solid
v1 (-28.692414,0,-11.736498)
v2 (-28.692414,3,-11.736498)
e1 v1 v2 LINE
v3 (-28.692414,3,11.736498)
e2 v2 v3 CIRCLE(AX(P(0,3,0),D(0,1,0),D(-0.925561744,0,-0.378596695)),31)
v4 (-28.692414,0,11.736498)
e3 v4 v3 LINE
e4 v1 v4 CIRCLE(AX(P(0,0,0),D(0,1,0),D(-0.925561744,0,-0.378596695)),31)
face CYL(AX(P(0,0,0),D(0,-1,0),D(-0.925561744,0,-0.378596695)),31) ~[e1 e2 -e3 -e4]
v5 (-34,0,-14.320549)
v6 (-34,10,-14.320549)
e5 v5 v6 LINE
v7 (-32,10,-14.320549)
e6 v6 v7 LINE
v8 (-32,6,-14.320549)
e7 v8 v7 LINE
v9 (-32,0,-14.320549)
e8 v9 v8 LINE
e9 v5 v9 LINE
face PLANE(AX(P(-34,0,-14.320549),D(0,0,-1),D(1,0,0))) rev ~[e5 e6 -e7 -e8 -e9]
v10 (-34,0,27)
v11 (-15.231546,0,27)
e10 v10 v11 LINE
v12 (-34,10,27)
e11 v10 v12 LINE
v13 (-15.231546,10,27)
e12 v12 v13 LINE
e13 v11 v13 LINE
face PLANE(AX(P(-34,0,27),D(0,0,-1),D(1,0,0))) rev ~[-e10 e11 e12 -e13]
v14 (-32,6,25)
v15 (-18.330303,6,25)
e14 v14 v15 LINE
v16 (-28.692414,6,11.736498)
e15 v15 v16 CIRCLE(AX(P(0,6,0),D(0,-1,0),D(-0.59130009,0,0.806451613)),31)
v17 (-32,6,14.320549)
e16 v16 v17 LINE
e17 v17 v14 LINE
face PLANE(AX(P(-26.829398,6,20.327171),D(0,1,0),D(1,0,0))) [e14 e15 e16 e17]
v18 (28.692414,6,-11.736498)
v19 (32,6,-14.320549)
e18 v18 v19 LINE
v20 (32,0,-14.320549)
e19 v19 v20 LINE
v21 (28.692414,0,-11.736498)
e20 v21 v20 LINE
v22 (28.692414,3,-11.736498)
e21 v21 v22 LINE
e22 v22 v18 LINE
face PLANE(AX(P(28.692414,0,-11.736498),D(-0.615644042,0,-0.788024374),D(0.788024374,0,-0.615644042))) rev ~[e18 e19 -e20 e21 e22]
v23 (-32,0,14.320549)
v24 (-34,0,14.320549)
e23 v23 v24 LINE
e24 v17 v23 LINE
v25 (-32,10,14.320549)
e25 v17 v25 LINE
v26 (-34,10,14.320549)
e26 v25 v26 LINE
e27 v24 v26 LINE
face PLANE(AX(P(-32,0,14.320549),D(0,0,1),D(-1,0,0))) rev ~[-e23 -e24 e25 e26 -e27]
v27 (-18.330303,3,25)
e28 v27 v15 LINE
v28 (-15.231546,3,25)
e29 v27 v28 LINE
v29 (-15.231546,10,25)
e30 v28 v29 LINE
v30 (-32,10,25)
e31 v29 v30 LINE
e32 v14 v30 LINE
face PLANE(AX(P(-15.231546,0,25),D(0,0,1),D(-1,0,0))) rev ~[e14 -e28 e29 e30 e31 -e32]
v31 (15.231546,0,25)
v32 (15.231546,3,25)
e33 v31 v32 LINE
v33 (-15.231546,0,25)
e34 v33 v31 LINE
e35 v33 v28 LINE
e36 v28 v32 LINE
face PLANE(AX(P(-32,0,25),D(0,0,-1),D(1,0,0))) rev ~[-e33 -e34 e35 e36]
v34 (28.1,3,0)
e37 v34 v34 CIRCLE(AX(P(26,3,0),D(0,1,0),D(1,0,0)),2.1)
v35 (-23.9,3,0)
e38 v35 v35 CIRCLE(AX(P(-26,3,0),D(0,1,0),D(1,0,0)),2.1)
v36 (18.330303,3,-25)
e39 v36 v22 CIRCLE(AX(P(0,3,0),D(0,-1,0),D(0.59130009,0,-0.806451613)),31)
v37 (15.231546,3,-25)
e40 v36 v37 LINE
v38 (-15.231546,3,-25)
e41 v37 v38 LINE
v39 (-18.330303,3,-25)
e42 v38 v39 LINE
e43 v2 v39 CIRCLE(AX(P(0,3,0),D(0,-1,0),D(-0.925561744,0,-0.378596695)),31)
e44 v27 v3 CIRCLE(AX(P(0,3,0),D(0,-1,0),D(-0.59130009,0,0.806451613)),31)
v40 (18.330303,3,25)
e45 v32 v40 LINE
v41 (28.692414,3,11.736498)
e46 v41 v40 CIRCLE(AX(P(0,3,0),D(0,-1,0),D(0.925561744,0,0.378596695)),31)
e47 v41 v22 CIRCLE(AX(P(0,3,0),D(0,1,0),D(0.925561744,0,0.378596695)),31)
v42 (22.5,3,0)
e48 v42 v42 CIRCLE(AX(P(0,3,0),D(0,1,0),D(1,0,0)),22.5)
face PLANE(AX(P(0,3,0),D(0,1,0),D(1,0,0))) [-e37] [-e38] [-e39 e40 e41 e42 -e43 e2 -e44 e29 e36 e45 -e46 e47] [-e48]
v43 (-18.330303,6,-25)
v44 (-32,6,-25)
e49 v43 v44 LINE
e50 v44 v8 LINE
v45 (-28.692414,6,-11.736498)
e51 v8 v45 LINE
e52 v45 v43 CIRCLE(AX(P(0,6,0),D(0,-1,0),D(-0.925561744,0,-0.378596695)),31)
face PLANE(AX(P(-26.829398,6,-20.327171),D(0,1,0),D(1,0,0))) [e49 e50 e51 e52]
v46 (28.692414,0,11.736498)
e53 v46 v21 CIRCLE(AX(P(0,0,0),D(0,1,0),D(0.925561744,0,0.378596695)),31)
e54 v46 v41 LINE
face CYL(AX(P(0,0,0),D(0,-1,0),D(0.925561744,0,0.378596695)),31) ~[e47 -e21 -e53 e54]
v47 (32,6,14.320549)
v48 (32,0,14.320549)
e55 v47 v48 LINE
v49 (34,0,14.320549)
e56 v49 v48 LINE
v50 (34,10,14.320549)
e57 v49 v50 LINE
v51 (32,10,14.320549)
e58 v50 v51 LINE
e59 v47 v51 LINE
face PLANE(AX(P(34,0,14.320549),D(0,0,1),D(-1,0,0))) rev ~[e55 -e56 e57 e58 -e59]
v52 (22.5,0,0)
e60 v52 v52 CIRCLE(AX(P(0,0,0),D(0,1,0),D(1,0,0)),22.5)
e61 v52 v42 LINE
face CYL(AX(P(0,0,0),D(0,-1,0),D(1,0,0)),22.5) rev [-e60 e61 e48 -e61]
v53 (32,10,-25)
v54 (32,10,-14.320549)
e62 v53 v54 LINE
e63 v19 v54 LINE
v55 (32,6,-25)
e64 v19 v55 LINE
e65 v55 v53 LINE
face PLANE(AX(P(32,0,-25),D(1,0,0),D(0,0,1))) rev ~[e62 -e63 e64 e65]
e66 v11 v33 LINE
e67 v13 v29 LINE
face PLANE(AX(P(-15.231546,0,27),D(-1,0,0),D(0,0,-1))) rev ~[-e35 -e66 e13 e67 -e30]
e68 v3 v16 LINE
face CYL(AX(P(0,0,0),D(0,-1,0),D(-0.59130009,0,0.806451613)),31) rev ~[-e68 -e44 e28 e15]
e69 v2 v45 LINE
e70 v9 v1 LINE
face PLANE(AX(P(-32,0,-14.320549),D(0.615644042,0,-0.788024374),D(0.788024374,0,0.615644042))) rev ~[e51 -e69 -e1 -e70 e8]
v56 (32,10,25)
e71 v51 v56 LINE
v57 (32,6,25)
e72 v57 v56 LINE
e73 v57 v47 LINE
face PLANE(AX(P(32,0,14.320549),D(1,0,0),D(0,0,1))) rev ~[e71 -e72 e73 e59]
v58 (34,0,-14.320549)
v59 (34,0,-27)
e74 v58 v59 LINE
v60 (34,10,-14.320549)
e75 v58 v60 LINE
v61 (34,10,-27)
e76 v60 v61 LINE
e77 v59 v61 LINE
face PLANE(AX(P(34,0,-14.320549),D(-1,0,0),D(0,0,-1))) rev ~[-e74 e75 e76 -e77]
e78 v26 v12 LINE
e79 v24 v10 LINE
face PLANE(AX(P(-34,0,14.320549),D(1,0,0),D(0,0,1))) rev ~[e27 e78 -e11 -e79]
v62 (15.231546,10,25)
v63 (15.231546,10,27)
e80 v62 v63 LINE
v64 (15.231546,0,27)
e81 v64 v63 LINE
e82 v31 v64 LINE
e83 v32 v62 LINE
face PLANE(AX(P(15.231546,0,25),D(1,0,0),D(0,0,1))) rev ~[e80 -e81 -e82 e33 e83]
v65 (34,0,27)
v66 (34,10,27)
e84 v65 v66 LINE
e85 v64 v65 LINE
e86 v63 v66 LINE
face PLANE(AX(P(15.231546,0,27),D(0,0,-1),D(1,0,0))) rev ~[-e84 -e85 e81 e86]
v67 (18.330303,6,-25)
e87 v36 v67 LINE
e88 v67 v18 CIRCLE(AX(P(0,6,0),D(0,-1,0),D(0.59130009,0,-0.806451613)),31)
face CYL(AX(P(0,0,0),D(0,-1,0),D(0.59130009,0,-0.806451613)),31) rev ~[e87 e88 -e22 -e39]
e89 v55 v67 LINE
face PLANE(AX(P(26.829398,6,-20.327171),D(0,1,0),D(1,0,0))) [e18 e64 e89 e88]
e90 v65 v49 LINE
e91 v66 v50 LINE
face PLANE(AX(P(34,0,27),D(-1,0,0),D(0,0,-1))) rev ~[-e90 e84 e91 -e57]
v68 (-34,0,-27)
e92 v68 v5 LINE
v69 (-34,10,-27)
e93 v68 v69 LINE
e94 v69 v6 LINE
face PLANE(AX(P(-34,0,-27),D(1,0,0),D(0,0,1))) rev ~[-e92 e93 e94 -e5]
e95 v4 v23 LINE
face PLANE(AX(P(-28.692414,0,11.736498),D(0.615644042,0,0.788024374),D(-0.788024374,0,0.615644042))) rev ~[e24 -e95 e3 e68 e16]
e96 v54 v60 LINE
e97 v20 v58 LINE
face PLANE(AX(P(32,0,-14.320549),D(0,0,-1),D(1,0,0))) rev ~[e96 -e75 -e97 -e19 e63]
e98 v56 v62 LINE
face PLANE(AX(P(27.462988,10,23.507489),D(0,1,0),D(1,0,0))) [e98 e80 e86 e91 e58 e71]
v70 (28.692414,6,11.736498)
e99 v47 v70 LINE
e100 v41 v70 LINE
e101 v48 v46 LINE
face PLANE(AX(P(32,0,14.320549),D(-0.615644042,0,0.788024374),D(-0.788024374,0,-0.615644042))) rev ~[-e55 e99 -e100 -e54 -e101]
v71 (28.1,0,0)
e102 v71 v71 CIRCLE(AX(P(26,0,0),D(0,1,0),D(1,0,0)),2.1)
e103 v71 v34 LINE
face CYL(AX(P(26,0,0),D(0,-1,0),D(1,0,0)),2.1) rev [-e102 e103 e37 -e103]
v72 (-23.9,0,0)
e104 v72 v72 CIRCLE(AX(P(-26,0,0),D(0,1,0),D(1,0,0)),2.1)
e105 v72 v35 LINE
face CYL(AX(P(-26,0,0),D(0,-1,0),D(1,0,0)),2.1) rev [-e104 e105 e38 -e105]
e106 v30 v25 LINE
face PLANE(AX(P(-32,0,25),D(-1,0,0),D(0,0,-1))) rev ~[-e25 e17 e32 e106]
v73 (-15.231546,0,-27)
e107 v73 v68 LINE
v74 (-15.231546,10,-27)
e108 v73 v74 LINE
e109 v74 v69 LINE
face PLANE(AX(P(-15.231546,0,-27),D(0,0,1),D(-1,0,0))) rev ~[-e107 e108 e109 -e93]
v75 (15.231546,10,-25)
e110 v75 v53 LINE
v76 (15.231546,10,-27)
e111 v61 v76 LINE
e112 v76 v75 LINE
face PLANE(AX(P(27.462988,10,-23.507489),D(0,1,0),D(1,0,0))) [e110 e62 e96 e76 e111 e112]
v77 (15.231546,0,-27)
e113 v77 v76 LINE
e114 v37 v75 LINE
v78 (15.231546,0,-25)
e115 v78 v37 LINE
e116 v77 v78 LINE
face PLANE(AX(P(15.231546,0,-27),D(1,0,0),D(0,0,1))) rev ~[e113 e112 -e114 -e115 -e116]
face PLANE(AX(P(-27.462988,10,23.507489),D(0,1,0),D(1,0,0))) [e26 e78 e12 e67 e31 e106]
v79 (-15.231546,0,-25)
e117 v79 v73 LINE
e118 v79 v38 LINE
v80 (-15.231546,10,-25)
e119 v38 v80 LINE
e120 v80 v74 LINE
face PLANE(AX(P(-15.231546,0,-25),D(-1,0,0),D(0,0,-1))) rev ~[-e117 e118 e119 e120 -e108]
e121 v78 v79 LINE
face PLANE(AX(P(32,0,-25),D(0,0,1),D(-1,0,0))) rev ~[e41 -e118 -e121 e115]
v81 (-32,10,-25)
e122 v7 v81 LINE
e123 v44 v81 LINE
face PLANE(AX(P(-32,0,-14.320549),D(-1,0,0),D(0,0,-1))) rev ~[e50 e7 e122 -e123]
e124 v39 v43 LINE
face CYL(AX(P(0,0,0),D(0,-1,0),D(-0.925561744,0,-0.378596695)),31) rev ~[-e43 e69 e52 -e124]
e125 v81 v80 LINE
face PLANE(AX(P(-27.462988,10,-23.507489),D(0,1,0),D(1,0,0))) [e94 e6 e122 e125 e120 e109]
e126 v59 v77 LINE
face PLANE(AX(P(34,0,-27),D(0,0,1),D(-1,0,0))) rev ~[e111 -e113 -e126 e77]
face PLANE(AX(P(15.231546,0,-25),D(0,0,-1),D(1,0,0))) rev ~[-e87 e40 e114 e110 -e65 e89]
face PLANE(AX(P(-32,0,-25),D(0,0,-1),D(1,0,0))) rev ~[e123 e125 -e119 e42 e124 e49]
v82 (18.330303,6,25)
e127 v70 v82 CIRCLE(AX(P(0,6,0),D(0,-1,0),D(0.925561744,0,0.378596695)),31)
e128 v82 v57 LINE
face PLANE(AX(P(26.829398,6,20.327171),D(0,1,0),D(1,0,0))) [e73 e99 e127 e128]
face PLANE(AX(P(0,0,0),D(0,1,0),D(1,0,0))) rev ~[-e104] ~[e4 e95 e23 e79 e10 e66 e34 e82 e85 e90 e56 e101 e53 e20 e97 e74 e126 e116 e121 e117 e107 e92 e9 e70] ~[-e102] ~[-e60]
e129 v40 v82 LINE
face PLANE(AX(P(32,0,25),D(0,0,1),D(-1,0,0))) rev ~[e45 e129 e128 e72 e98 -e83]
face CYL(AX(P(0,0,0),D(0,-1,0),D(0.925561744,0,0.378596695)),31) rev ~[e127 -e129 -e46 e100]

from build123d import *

# Parameters (mm, degrees)
BOSS_EXTRUDE1_DEPTH   = 10
BOSS_EXTRUDE1_2_DEPTH = 10
BOSS_EXTRUDE1_3_DEPTH = 10
BOSS_EXTRUDE1_4_DEPTH = 10
SKETCH1_9_R           = 22.5
SKETCH1_9_R_2         = 2.1
BOSS_EXTRUDE2_DEPTH   = 3
BOSS_EXTRUDE3_DEPTH   = 6


with BuildPart() as part:
    # Sketch1 → Boss-Extrude1 (new body)
    with BuildSketch(Plane(origin=(0, 0, 0), x_dir=(1, 0, 0), z_dir=(0, 1, 0))):
        Polygon((32, -14.320549047), (32, -25), (15.231546212, -25), (15.231546212, -27), (34, -27), (34, -14.320549047), align=None)
    extrude(amount=BOSS_EXTRUDE1_DEPTH)



with BuildPart() as body_2:
    # Sketch1 → Boss-Extrude1 2 (new body)
    with BuildSketch(Plane(origin=(0, 0, 0), x_dir=(1, 0, 0), z_dir=(0, 1, 0))):
        Polygon((32, 25), (32, 14.320549047), (34, 14.320549047), (34, 27), (15.231546212, 27), (15.231546212, 25), align=None)
    extrude(amount=BOSS_EXTRUDE1_2_DEPTH)


with BuildPart() as body_3:
    # Sketch1 → Boss-Extrude1 3 (new body)
    with BuildSketch(Plane(origin=(0, 0, 0), x_dir=(1, 0, 0), z_dir=(0, 1, 0))):
        Polygon((-15.231546212, -27), (-15.231546212, -25), (-32, -25), (-32, -14.320549047), (-34, -14.320549047), (-34, -27), align=None)
    extrude(amount=BOSS_EXTRUDE1_3_DEPTH)


with BuildPart() as body_4:
    # Sketch1 → Boss-Extrude1 4 (new body)
    with BuildSketch(Plane(origin=(0, 0, 0), x_dir=(1, 0, 0), z_dir=(0, 1, 0))):
        Polygon((-32, 25), (-15.231546212, 25), (-15.231546212, 27), (-34, 27), (-34, 14.320549047), (-32, 14.320549047), align=None)
    extrude(amount=BOSS_EXTRUDE1_4_DEPTH)


with BuildPart() as part_1:
    add(part.part)

    add(body_2.part)  # Boss-Extrude2 merges body 2

    add(body_3.part)  # Boss-Extrude2 merges body 3

    add(body_4.part)  # Boss-Extrude2 merges body 4
    # Sketch1<9> → Boss-Extrude2 (add)
    with BuildSketch(Plane(origin=(0, 0, 0), x_dir=(1, 0, 0), z_dir=(0, 1, 0))):
        with BuildLine():
            Line((32, -25), (32, -14.320549047))
            Line((32, -14.320549047), (28.692414075, -11.736497543))
            ThreePointArc((28.692414075, -11.736497543), (31, 0), (28.692414075, 11.736497543))
            Line((28.692414075, 11.736497543), (32, 14.320549047))
            Line((32, 14.320549047), (32, 25))
            Line((32, 25), (-32, 25))
            Line((-32, 25), (-32, 14.320549047))
            Line((-32, 14.320549047), (-28.692414075, 11.736497543))
            ThreePointArc((-28.692414075, 11.736497543), (-31, 0), (-28.692414075, -11.736497543))
            Line((-28.692414075, -11.736497543), (-32, -14.320549047))
            Line((-32, -14.320549047), (-32, -25))
            Line((-32, -25), (32, -25))
        make_face()
        Circle(SKETCH1_9_R, mode=Mode.SUBTRACT)
        with Locations((26, 0)):
            Circle(SKETCH1_9_R_2, mode=Mode.SUBTRACT)
        with Locations((-26, 0)):
            Circle(SKETCH1_9_R_2, mode=Mode.SUBTRACT)
    extrude(amount=BOSS_EXTRUDE2_DEPTH)

    # Sketch1<11> → Boss-Extrude3 (add)
    with BuildSketch(Plane(origin=(0, 0, 0), x_dir=(1, 0, 0), z_dir=(0, 1, 0))):
        with BuildLine():
            Line((18.33030278, -25), (32, -25))
            Line((32, -25), (32, -14.320549047))
            Line((32, -14.320549047), (28.692414075, -11.736497543))
            ThreePointArc((28.692414075, -11.736497543), (24.428755585, -19.084965301), (18.33030278, -25))
        make_face()
        with BuildLine():
            Line((28.692414075, 11.736497543), (32, 14.320549047))
            Line((32, 14.320549047), (32, 25))
            Line((32, 25), (18.33030278, 25))
            ThreePointArc((18.33030278, 25), (24.428755585, 19.084965301), (28.692414075, 11.736497543))
        make_face()
        with BuildLine():
            Line((-32, -25), (-18.33030278, -25))
            ThreePointArc((-18.33030278, -25), (-24.428755585, -19.084965301), (-28.692414075, -11.736497543))
            Line((-28.692414075, -11.736497543), (-32, -14.320549047))
            Line((-32, -14.320549047), (-32, -25))
        make_face()
        with BuildLine():
            Line((-32, 25), (-32, 14.320549047))
            Line((-32, 14.320549047), (-28.692414075, 11.736497543))
            ThreePointArc((-28.692414075, 11.736497543), (-24.428755585, 19.084965301), (-18.33030278, 25))
            Line((-18.33030278, 25), (-32, 25))
        make_face()
    extrude(amount=BOSS_EXTRUDE3_DEPTH)


solid = part_1.part
